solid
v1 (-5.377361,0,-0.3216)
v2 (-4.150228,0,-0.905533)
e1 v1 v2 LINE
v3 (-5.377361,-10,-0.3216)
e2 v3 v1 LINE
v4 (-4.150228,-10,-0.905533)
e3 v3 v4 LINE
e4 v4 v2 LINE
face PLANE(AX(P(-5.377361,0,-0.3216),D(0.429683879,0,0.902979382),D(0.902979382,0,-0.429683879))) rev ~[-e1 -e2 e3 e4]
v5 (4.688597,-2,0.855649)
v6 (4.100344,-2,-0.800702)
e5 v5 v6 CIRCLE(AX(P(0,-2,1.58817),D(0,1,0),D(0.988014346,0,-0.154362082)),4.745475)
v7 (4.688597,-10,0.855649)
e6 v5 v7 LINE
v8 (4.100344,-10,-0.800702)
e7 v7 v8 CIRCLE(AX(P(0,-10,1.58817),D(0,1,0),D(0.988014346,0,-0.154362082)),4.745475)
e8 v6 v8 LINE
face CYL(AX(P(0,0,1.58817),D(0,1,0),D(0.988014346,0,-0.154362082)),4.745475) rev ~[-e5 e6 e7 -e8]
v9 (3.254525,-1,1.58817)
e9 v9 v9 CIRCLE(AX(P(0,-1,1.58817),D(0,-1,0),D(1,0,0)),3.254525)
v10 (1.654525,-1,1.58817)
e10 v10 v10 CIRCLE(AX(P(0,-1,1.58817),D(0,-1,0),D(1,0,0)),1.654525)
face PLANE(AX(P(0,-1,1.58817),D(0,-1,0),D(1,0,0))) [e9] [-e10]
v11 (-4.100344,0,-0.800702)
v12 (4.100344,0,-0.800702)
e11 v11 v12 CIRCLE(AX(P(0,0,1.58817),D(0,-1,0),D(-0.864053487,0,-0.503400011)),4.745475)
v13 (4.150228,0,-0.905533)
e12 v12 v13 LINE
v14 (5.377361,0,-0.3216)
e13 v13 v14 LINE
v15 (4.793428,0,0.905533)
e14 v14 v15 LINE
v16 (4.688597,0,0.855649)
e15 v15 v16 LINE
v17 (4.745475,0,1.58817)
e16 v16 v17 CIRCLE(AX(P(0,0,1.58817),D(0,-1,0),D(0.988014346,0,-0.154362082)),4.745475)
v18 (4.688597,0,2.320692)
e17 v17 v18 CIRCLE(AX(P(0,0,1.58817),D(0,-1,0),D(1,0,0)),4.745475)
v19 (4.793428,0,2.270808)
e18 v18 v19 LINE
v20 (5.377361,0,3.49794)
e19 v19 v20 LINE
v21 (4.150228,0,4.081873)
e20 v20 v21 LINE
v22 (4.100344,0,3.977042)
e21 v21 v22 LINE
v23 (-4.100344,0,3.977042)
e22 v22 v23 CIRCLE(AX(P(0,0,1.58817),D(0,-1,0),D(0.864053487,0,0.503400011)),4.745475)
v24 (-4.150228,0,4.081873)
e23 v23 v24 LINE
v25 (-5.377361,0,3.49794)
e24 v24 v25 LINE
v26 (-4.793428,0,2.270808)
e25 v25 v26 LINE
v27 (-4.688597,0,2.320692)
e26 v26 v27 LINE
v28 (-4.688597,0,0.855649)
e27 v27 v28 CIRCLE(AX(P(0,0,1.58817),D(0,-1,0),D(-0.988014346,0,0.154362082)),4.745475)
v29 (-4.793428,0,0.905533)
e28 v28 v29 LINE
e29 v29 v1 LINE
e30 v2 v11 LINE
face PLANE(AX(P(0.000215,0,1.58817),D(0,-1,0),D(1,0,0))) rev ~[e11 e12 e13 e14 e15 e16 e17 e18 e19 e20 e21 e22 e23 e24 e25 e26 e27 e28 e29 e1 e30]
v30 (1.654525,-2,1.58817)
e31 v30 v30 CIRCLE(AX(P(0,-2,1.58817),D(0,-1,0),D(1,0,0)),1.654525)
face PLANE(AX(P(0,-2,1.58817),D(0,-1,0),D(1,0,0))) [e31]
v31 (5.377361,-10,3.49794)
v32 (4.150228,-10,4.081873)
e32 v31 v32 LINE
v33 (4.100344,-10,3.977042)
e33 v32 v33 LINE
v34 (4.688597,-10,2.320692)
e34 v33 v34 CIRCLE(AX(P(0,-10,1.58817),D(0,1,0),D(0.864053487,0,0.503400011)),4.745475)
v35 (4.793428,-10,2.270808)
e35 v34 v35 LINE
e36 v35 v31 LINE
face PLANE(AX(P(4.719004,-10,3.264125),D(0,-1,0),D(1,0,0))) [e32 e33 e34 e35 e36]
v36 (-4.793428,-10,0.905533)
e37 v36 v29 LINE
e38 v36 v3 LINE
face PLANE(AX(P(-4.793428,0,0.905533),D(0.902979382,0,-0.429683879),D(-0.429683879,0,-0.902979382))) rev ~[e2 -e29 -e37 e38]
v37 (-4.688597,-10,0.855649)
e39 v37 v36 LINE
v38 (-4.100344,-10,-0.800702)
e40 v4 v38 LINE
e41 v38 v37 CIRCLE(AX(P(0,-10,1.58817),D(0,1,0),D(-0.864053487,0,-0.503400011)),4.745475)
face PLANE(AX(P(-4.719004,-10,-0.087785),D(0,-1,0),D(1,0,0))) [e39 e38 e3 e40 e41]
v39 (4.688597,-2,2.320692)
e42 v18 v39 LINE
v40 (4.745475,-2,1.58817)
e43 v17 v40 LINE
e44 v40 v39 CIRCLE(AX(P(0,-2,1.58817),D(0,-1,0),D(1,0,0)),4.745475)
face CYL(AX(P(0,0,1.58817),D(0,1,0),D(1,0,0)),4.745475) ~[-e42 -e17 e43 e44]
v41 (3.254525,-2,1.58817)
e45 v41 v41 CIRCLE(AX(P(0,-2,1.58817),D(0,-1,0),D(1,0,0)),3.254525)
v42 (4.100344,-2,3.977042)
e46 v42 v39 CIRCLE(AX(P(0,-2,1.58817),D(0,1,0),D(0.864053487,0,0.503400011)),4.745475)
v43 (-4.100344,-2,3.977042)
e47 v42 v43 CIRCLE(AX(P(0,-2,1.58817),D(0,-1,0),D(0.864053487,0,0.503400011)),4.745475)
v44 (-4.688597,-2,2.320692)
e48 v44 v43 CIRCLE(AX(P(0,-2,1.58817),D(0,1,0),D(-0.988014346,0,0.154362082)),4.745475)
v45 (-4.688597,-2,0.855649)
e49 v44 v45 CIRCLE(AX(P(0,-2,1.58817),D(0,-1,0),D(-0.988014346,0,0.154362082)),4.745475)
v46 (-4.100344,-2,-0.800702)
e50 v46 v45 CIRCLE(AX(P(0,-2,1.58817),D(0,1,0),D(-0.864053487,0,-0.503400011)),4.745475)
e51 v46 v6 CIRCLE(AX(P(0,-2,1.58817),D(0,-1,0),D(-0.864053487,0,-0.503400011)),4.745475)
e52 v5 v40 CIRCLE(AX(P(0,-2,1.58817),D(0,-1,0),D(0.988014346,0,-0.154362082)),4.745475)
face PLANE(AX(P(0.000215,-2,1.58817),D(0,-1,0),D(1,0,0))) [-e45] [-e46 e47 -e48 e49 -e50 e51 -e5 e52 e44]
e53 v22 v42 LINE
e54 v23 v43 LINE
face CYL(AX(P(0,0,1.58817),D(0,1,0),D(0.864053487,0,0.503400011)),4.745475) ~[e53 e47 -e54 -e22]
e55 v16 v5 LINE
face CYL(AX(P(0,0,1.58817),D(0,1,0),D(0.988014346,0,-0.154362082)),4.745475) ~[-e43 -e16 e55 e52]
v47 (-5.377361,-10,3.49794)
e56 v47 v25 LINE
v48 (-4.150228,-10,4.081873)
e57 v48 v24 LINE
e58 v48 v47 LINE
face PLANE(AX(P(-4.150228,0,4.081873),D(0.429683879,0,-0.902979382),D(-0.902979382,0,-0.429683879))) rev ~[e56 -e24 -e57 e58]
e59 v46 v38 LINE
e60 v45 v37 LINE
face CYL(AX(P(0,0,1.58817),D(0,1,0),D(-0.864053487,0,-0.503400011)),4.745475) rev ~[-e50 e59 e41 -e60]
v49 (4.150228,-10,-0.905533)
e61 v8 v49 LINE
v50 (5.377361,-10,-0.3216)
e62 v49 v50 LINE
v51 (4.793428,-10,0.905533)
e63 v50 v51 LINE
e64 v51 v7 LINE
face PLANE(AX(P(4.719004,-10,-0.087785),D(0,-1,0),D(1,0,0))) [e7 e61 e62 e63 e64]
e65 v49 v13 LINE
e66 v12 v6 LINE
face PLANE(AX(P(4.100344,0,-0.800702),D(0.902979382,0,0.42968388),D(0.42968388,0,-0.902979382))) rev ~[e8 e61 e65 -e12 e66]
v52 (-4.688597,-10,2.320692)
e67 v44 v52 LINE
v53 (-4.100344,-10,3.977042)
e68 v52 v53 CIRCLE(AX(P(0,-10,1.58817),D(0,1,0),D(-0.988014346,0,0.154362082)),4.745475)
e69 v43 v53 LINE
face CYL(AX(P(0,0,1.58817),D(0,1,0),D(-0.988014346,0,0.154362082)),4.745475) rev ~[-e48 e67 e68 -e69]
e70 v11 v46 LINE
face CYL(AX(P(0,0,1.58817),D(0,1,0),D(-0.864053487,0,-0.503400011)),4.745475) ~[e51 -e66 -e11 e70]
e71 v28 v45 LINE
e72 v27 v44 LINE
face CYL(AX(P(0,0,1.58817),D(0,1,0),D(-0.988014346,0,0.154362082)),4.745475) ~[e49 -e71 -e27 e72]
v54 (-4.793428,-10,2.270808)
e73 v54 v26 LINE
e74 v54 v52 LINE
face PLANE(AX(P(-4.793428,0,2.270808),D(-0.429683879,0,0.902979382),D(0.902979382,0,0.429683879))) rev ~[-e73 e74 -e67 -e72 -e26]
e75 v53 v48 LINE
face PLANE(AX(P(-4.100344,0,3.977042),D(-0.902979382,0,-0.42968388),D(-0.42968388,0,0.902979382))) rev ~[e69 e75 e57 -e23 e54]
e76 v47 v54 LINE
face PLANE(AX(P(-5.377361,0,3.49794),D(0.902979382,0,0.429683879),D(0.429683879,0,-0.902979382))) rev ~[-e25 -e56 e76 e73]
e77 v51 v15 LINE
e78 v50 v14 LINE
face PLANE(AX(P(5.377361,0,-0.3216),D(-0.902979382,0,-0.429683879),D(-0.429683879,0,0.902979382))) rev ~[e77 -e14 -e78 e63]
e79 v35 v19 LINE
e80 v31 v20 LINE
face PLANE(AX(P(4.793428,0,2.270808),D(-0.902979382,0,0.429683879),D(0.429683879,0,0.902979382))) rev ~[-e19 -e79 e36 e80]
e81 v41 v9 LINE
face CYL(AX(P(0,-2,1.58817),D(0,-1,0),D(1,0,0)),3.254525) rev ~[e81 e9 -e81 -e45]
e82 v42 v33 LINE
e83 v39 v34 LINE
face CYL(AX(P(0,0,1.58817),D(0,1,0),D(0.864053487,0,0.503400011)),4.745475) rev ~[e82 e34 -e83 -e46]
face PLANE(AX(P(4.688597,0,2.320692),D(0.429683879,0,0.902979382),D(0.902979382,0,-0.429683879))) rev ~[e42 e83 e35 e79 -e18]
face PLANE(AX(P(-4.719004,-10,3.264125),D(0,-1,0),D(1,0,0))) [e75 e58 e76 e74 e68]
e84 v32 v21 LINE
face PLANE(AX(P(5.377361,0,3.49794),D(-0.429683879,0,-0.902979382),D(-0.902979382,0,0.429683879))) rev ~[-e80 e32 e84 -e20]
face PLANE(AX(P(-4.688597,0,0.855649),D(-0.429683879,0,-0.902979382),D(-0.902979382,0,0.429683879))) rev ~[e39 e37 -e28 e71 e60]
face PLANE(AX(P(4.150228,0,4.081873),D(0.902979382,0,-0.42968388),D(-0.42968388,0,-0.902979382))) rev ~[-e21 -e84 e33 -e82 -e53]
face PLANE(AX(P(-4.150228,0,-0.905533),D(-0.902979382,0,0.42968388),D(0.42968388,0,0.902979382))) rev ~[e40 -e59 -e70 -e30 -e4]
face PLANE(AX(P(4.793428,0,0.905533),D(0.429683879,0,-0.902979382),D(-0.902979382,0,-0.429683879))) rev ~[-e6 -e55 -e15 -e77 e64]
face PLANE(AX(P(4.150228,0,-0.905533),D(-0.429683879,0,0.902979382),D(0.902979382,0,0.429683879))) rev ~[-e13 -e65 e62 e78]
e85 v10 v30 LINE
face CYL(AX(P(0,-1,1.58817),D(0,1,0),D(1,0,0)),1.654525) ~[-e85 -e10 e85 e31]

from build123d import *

# Parameters (mm, degrees)
F1_DEPTH = 2
F2_DEPTH = 10
F3_R     = 3.2545252872
F4_DEPTH = 1
F5_R     = 1.6545252872
F6_DEPTH = 1


with BuildPart() as f1:
    # F0 (on Front) → F1 (new body)
    with BuildSketch(Plane.XZ):
        with BuildLine():
            ThreePointArc((4.6885970941, 0.8556488446), (4.7312339405, 1.2208070974), (4.7454747128, 1.588170202))
            ThreePointArc((4.7454747128, 1.588170202), (4.7312339405, 1.9555333066), (4.6885970941, 2.3206915594))
            Line((4.6885970941, 2.3206915594), (3.5662952021, 2.8547403321))
            Line((3.5662952021, 2.8547403321), (4.1003439748, 3.9770422242))
            ThreePointArc((4.1003439748, 3.9770422242), (0, 6.3336449148), (-4.1003439748, 3.9770422242))
            Line((-4.1003439748, 3.9770422242), (-3.5662952021, 2.8547403321))
            Line((-3.5662952021, 2.8547403321), (-4.6885970941, 2.3206915594))
            ThreePointArc((-4.6885970941, 2.3206915594), (-4.7454747128, 1.588170202), (-4.6885970941, 0.8556488446))
            Line((-4.6885970941, 0.8556488446), (-3.5662952021, 0.3216000719))
            Line((-3.5662952021, 0.3216000719), (-4.1003439748, -0.8007018202))
            ThreePointArc((-4.1003439748, -0.8007018202), (0, -3.1573045108), (4.1003439748, -0.8007018202))
            Line((4.1003439748, -0.8007018202), (3.5662952021, 0.3216000719))
            Line((3.5662952021, 0.3216000719), (4.6885970941, 0.8556488446))
        make_face()
        with BuildLine():
            Line((-3.5662952021, 2.8547403321), (-4.1003439748, 3.9770422242))
            ThreePointArc((-4.1003439748, 3.9770422242), (-4.4718279998, 3.176340404), (-4.6885970941, 2.3206915594))
            Line((-4.6885970941, 2.3206915594), (-3.5662952021, 2.8547403321))
        make_face()
        with BuildLine():
            ThreePointArc((-4.6885970941, 2.3206915594), (-4.4718279998, 3.176340404), (-4.1003439748, 3.9770422242))
            Line((-4.1003439748, 3.9770422242), (-4.1502279279, 4.0818732017))
            Line((-4.1502279279, 4.0818732017), (-5.3773607975, 3.4979404759))
            Line((-5.3773607975, 3.4979404759), (-4.7934280717, 2.2708076063))
            Line((-4.7934280717, 2.2708076063), (-4.6885970941, 2.3206915594))
        make_face()
        with BuildLine():
            ThreePointArc((-4.6885970941, 0.8556488446), (-4.4718279998, 0), (-4.1003439748, -0.8007018202))
            Line((-4.1003439748, -0.8007018202), (-3.5662952021, 0.3216000719))
            Line((-3.5662952021, 0.3216000719), (-4.6885970941, 0.8556488446))
        make_face()
        with BuildLine():
            Line((-4.1502279279, -0.9055327977), (-4.1003439748, -0.8007018202))
            ThreePointArc((-4.1003439748, -0.8007018202), (-4.4718279998, 0), (-4.6885970941, 0.8556488446))
            Line((-4.6885970941, 0.8556488446), (-4.7934280717, 0.9055327977))
            Line((-4.7934280717, 0.9055327977), (-5.3773607975, -0.3216000719))
            Line((-5.3773607975, -0.3216000719), (-4.1502279279, -0.9055327977))
        make_face()
        with BuildLine():
            Line((4.7934280717, 0.9055327977), (4.6885970941, 0.8556488446))
            ThreePointArc((4.6885970941, 0.8556488446), (4.4718279998, 0), (4.1003439748, -0.8007018202))
            Line((4.1003439748, -0.8007018202), (4.1502279279, -0.9055327977))
            Line((4.1502279279, -0.9055327977), (5.3773607975, -0.3216000719))
            Line((5.3773607975, -0.3216000719), (4.7934280717, 0.9055327977))
        make_face()
        with BuildLine():
            ThreePointArc((4.1003439748, -0.8007018202), (4.4718279998, 0), (4.6885970941, 0.8556488446))
            Line((4.6885970941, 0.8556488446), (3.5662952021, 0.3216000719))
            Line((3.5662952021, 0.3216000719), (4.1003439748, -0.8007018202))
        make_face()
        with BuildLine():
            Line((3.5662952021, 2.8547403321), (4.6885970941, 2.3206915594))
            ThreePointArc((4.6885970941, 2.3206915594), (4.4718279998, 3.176340404), (4.1003439748, 3.9770422242))
            Line((4.1003439748, 3.9770422242), (3.5662952021, 2.8547403321))
        make_face()
        with BuildLine():
            ThreePointArc((4.1003439748, 3.9770422242), (4.4718279998, 3.176340404), (4.6885970941, 2.3206915594))
            Line((4.6885970941, 2.3206915594), (4.7934280717, 2.2708076063))
            Line((4.7934280717, 2.2708076063), (5.3773607975, 3.4979404759))
            Line((5.3773607975, 3.4979404759), (4.1502279279, 4.0818732017))
            Line((4.1502279279, 4.0818732017), (4.1003439748, 3.9770422242))
        make_face()
    extrude(amount=F1_DEPTH)

    # F0 (on Front) → F2 (join)
    with BuildSketch(Plane.XZ):
        with BuildLine():
            ThreePointArc((-4.6885970941, 2.3206915594), (-4.4718279998, 3.176340404), (-4.1003439748, 3.9770422242))
            Line((-4.1003439748, 3.9770422242), (-4.1502279279, 4.0818732017))
            Line((-4.1502279279, 4.0818732017), (-5.3773607975, 3.4979404759))
            Line((-5.3773607975, 3.4979404759), (-4.7934280717, 2.2708076063))
            Line((-4.7934280717, 2.2708076063), (-4.6885970941, 2.3206915594))
        make_face()
        with BuildLine():
            Line((-4.1502279279, -0.9055327977), (-4.1003439748, -0.8007018202))
            ThreePointArc((-4.1003439748, -0.8007018202), (-4.4718279998, 0), (-4.6885970941, 0.8556488446))
            Line((-4.6885970941, 0.8556488446), (-4.7934280717, 0.9055327977))
            Line((-4.7934280717, 0.9055327977), (-5.3773607975, -0.3216000719))
            Line((-5.3773607975, -0.3216000719), (-4.1502279279, -0.9055327977))
        make_face()
        with BuildLine():
            Line((4.7934280717, 0.9055327977), (4.6885970941, 0.8556488446))
            ThreePointArc((4.6885970941, 0.8556488446), (4.4718279998, 0), (4.1003439748, -0.8007018202))
            Line((4.1003439748, -0.8007018202), (4.1502279279, -0.9055327977))
            Line((4.1502279279, -0.9055327977), (5.3773607975, -0.3216000719))
            Line((5.3773607975, -0.3216000719), (4.7934280717, 0.9055327977))
        make_face()
        with BuildLine():
            ThreePointArc((4.1003439748, 3.9770422242), (4.4718279998, 3.176340404), (4.6885970941, 2.3206915594))
            Line((4.6885970941, 2.3206915594), (4.7934280717, 2.2708076063))
            Line((4.7934280717, 2.2708076063), (5.3773607975, 3.4979404759))
            Line((5.3773607975, 3.4979404759), (4.1502279279, 4.0818732017))
            Line((4.1502279279, 4.0818732017), (4.1003439748, 3.9770422242))
        make_face()
    extrude(amount=F2_DEPTH)

    # F3 (on face) → F4 (cut)
    with BuildSketch(Plane.XZ.offset(2)):
        with Locations((0, 1.588170202)):
            Circle(F3_R)
    extrude(amount=-F4_DEPTH, mode=Mode.SUBTRACT)

    # F5 (on face) → F6 (join)
    with BuildSketch(Plane.XZ.offset(1)):
        with Locations((0, 1.588170202)):
            Circle(F5_R)
    extrude(amount=F6_DEPTH)


solid = f1.part
